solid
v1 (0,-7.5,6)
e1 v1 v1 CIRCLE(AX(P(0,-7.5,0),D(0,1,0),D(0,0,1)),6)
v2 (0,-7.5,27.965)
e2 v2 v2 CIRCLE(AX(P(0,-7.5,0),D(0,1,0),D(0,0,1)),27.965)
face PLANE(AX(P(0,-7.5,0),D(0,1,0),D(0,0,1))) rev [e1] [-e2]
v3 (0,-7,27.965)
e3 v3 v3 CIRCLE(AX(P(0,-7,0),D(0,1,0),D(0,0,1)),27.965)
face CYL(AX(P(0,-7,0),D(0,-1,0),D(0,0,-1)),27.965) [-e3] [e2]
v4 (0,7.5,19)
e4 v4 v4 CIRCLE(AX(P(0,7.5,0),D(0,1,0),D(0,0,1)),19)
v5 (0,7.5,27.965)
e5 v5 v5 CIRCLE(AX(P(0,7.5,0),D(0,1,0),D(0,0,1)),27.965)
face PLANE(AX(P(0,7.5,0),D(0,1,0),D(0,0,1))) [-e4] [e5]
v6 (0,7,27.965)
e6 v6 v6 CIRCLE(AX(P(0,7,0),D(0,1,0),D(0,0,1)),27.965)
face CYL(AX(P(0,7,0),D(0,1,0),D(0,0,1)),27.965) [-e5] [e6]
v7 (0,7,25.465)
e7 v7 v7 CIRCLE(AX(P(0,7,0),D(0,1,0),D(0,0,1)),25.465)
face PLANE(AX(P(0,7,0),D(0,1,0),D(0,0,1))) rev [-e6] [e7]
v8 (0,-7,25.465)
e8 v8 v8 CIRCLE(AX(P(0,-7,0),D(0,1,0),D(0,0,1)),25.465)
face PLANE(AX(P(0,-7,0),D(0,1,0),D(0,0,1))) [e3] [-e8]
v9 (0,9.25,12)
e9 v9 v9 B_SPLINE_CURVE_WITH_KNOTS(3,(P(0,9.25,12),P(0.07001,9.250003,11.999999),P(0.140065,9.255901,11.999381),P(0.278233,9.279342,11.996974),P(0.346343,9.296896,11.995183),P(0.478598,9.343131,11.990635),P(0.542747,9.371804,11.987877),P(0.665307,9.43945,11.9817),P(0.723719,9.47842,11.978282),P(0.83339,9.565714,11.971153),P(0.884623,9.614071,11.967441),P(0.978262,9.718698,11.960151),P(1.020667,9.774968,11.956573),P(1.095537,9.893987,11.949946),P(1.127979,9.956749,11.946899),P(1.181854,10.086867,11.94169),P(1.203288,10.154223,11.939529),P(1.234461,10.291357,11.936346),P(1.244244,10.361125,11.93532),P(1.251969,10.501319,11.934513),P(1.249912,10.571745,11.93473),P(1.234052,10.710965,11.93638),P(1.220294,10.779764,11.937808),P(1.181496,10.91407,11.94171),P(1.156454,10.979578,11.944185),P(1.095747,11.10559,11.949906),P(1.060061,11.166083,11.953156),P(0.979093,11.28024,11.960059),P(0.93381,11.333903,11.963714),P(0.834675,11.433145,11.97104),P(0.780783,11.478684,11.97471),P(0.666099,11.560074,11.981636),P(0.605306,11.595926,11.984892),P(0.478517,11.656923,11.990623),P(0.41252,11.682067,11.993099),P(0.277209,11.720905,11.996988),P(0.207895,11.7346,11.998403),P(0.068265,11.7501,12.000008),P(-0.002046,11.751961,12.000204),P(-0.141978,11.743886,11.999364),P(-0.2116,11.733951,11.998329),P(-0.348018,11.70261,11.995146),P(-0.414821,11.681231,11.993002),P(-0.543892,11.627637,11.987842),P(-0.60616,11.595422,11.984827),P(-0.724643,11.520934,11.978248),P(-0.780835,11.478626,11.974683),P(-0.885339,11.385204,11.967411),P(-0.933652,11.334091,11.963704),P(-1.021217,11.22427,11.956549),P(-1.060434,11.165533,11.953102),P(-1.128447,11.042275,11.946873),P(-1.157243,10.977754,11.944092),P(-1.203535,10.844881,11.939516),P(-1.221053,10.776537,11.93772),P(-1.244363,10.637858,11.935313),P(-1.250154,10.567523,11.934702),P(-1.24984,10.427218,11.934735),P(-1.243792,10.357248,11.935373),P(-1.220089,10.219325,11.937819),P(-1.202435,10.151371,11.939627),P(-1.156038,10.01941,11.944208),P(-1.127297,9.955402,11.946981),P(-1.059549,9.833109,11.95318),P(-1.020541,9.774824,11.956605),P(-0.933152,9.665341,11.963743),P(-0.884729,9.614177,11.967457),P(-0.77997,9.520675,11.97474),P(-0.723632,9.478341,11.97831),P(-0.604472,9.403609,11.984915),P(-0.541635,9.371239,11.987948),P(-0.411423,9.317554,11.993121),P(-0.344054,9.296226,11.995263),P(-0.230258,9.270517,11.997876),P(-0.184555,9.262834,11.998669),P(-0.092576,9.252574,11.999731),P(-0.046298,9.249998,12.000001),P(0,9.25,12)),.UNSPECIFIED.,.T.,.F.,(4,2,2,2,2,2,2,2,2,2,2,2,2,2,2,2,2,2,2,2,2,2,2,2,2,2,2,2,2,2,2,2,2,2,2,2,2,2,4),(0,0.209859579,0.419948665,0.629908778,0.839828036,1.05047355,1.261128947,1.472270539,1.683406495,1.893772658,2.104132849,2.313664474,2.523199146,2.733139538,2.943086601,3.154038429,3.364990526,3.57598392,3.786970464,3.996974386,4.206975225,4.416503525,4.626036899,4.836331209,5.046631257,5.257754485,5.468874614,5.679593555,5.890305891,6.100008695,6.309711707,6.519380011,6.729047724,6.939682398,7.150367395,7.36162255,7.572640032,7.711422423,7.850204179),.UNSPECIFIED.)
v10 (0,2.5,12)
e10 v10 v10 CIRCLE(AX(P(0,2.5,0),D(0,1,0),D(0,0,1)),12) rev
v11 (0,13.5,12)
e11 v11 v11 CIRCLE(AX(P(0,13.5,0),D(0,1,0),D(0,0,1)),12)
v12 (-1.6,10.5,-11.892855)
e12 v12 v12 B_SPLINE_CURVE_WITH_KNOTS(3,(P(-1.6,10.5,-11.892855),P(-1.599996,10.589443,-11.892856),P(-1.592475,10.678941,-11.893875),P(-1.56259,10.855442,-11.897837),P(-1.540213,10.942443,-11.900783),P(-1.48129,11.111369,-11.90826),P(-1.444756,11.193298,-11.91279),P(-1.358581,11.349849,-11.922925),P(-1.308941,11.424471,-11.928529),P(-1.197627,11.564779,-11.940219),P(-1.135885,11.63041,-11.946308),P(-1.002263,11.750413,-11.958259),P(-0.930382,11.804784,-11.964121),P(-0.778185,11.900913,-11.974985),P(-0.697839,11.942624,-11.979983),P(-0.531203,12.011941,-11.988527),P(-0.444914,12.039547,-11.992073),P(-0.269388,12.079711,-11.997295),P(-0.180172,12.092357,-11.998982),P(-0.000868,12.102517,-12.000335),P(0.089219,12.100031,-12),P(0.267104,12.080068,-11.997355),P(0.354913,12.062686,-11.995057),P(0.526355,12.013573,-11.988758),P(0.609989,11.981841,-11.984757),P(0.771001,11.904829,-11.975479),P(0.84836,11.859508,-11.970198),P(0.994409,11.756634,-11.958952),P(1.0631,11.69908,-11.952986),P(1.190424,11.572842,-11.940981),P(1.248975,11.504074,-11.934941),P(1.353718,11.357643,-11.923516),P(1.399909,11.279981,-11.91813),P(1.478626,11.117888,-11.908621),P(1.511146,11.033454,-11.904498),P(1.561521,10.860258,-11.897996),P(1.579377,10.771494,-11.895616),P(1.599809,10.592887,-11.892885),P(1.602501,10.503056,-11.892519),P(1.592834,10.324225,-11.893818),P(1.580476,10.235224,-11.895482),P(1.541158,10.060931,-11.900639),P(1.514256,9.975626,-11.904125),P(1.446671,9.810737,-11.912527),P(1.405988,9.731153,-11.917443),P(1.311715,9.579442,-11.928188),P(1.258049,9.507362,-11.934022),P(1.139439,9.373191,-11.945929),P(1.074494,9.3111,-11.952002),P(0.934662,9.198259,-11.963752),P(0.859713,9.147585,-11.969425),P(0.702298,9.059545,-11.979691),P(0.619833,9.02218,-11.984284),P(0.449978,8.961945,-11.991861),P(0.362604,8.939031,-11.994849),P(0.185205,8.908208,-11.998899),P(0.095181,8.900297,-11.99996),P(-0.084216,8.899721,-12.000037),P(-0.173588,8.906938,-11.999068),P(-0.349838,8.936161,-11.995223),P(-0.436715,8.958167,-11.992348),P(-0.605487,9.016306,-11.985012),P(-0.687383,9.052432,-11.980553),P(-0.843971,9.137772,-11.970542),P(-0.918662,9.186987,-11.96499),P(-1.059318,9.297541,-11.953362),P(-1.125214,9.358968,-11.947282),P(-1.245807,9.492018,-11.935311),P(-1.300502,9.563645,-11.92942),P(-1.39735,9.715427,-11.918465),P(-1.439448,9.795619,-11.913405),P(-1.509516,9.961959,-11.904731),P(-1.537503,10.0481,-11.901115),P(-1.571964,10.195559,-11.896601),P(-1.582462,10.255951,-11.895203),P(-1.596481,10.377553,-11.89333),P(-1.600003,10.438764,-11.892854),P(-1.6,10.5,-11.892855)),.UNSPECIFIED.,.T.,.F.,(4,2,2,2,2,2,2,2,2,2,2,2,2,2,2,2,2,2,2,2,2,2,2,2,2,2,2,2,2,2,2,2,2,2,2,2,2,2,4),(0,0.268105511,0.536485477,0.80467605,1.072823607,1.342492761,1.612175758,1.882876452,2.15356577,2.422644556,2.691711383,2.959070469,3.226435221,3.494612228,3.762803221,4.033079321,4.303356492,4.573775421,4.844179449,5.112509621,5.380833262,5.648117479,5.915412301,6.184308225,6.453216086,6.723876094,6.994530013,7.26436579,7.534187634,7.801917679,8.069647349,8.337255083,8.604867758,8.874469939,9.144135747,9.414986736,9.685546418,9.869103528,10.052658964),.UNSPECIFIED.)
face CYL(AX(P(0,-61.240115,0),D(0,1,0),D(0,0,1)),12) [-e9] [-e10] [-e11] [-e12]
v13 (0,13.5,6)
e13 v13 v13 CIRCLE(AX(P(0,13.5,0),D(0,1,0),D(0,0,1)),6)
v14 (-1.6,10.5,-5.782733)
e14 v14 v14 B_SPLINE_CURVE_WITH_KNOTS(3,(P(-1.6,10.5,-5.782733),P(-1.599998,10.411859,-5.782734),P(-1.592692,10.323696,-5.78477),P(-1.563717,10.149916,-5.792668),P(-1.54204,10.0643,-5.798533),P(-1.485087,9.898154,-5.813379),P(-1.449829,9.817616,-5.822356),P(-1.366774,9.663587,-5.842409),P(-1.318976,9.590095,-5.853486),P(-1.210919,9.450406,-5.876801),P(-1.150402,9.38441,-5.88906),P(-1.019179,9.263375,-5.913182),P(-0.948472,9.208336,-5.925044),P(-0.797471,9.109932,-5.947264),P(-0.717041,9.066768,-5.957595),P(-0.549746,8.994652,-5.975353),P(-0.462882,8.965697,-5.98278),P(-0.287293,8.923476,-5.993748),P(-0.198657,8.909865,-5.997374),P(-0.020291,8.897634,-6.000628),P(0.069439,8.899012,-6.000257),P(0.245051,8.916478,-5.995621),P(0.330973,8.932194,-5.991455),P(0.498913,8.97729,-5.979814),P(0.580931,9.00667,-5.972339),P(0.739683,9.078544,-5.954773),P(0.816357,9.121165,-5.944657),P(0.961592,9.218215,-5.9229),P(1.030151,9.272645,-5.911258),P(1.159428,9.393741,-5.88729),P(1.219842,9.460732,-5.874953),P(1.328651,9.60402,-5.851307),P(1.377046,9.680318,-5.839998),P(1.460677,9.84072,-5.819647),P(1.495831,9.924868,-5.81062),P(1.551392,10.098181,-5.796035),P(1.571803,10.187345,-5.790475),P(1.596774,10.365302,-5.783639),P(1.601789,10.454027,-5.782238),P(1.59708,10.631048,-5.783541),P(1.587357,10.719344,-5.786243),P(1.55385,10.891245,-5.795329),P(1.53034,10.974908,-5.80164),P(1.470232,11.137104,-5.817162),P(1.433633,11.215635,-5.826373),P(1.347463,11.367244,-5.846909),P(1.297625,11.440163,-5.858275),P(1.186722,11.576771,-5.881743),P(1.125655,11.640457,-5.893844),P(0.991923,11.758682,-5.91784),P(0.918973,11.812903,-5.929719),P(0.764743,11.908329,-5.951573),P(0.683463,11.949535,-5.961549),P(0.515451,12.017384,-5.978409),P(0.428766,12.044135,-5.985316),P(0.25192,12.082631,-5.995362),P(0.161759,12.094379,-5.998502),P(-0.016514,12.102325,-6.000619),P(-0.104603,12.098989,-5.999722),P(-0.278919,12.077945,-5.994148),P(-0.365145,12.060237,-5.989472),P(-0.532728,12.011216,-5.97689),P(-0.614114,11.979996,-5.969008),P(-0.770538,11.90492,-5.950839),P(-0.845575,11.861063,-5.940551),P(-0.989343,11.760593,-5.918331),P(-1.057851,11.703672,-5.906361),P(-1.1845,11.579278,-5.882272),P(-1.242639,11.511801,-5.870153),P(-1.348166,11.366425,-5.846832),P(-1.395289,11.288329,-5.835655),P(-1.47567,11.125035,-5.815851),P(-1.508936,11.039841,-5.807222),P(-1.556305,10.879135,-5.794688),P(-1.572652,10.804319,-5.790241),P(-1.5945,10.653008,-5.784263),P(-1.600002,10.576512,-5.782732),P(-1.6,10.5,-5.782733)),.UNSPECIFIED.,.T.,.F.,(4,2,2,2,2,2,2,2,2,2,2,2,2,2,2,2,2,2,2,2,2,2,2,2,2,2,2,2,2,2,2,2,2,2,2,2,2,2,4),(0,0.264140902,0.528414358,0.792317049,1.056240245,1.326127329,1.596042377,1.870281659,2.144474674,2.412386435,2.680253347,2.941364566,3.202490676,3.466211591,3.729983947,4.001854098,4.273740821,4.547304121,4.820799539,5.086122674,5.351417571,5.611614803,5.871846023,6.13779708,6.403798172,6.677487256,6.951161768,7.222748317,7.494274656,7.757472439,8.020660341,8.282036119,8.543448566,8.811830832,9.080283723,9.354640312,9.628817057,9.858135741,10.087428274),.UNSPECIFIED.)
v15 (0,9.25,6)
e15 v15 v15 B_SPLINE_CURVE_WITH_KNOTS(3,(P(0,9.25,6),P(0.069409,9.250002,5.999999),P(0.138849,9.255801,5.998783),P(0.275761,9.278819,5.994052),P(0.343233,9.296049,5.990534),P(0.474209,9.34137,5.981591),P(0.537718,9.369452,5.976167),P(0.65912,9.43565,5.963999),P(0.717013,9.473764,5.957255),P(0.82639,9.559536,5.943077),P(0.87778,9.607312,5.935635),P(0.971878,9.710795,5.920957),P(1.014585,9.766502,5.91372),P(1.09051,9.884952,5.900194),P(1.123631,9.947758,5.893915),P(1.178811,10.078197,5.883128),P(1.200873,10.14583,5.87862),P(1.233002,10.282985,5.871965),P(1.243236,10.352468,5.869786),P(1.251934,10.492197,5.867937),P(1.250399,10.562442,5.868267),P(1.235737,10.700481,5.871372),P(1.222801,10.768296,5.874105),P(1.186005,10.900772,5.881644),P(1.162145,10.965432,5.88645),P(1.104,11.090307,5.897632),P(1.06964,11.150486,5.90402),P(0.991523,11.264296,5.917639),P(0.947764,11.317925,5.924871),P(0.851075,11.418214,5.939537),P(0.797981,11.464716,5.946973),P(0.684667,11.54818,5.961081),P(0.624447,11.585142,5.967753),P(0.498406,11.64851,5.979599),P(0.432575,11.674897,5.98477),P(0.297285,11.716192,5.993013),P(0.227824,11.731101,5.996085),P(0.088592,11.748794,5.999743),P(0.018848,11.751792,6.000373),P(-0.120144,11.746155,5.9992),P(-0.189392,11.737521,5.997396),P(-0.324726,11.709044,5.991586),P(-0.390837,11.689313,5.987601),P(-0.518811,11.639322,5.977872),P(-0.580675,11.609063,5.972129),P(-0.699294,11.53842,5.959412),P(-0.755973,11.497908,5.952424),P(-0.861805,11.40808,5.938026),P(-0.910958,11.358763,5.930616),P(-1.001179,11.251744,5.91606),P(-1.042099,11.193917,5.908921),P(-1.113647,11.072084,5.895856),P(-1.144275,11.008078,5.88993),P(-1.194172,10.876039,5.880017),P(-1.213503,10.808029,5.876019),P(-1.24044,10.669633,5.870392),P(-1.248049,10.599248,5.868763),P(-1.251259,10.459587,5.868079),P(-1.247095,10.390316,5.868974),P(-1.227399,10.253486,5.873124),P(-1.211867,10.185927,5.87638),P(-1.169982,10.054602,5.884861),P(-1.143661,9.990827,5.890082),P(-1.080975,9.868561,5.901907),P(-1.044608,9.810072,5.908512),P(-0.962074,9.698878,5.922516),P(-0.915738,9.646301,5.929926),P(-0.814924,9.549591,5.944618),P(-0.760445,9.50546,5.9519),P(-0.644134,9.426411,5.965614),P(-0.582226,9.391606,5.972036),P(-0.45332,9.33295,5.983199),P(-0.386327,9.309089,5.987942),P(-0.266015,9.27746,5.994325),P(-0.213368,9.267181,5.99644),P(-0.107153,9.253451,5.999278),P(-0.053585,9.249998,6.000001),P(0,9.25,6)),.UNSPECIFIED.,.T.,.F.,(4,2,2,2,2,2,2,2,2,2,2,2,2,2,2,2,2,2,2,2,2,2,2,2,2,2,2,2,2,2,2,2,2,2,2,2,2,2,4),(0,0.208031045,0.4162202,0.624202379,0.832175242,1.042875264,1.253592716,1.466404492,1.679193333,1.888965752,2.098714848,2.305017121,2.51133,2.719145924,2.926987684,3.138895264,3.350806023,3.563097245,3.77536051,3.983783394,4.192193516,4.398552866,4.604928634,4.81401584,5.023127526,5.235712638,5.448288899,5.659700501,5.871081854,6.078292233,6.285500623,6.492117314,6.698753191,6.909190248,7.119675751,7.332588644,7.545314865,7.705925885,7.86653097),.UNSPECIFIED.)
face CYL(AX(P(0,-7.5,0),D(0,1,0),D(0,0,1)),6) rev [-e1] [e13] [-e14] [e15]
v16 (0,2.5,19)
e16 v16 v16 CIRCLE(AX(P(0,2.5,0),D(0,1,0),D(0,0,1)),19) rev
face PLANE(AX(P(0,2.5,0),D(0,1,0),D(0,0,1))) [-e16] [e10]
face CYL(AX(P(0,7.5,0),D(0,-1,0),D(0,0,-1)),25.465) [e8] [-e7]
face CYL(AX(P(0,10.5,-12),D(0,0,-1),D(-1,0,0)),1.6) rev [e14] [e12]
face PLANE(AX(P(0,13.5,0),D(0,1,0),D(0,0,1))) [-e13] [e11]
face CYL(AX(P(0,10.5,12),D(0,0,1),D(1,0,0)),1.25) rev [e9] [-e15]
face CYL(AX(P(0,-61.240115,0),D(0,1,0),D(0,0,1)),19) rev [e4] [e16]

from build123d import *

# Parameters (mm, degrees)
CROQUIS1_R                                     = 25.465
SALIENTE_EXTRUIR1_DEPTH                        = 7.5
CROQUIS2_R                                     = 27.965
SALIENTE_EXTRUIR2_DEPTH                        = 0.5
SALIENTE_EXTRUIR3_START                        = -14.5
CROQUIS2_2_R                                   = 27.965
SALIENTE_EXTRUIR3_DEPTH                        = 0.5
CROQUIS3_R                                     = 19
SALIENTE_EXTRUIR4_DEPTH                        = 21
CORTAR_EXTRUIR1_DEPTH                          = 45.545846608
CORTAR_EXTRUIR1_DEPTH_BACK                     = 45.545846608
CROQUIS4_R                                     = 6
CORTAR_EXTRUIR2_START                          = -11
CROQUIS5_R                                     = 19
CROQUIS5_R_2                                   = 12
CORTAR_EXTRUIR2_DEPTH                          = 11
PERFORADOR_PARA_ROSCAR_PARA_MACHO_DE_ROS_REACH = 60.109
PERFORADOR_PARA_ROSCAR_PARA_MACHO_DE_2_R       = 1.25
TALADRO_DE_MARGEN_PARA_M32_REACH               = 52.611
TALADRO_DE_MARGEN_PARA_M32_BORE_R              = 1.6


with BuildPart() as part:
    # Croquis1 → Saliente-Extruir1 (new, symmetric)
    with BuildSketch(Plane(origin=(0, 0, 0), x_dir=(-1, 0, 0), z_dir=(0, 1, 0))):
        with Locations(Location((0, 0, 0), (0, 0, 90))):
            Circle(CROQUIS1_R)
    extrude(amount=SALIENTE_EXTRUIR1_DEPTH, both=True)

    # Croquis2 → Saliente-Extruir2 (add)
    with BuildSketch(Plane(origin=(0, 7.5, 0), x_dir=(-1, 0, 0), z_dir=(0, 1, 0))):
        with Locations(Location((0, 0, 0), (0, 0, 90))):
            Circle(CROQUIS2_R)
    extrude(amount=-SALIENTE_EXTRUIR2_DEPTH)

    # Croquis2<2> → Saliente-Extruir3 (add)
    with BuildSketch(Plane(origin=(0, 7.5, 0), x_dir=(-1, 0, 0), z_dir=(0, 1, 0)).offset(SALIENTE_EXTRUIR3_START)):
        with Locations(Location((0, 0, 0), (0, 0, 90))):
            Circle(CROQUIS2_2_R)
    extrude(amount=-SALIENTE_EXTRUIR3_DEPTH)

    # Croquis3 → Saliente-Extruir4 (add)
    with BuildSketch(Plane(origin=(0, -7.5, 0), x_dir=(-1, 0, 0), z_dir=(0, 1, 0))):
        with Locations(Location((0, 0, 0), (0, 0, 270))):
            Circle(CROQUIS3_R)
    extrude(amount=SALIENTE_EXTRUIR4_DEPTH)

    # Croquis4 → Cortar-Extruir1 (cut, two sides: drawn at the far end of the back side and taken through both)
    with BuildSketch(Plane(origin=(0, -7, 0), x_dir=(-1, 0, 0), z_dir=(0, 1, 0)).offset(-CORTAR_EXTRUIR1_DEPTH_BACK)):
        with Locations(Location((0, 0, 0), (0, 0, 90))):
            Circle(CROQUIS4_R)
    extrude(amount=CORTAR_EXTRUIR1_DEPTH + CORTAR_EXTRUIR1_DEPTH_BACK, mode=Mode.SUBTRACT)

    # Croquis5 → Cortar-Extruir2 (cut)
    with BuildSketch(Plane(origin=(0, 13.5, 0), x_dir=(-1, 0, 0), z_dir=(0, 1, 0)).offset(CORTAR_EXTRUIR2_START)):
        with Locations(Location((0, 0, 0), (0, 0, 90))):
            Circle(CROQUIS5_R)
        with Locations(Location((0, 0, 0), (0, 0, 90))):
            Circle(CROQUIS5_R_2, mode=Mode.SUBTRACT)
    extrude(amount=CORTAR_EXTRUIR2_DEPTH, mode=Mode.SUBTRACT)

    # Perforador para roscar para macho de 2 → Perforador para roscar para macho de roscar para M31 (cut, up to next)
    with BuildSketch(Plane(origin=(-12, 0, 12), x_dir=(0, 1, 0), z_dir=(0, 0, 1)), mode=Mode.PRIVATE) as perforador_para_roscar_para_macho_de_ros_sk1:
        with Locations((10.5, -12)):
            Circle(PERFORADOR_PARA_ROSCAR_PARA_MACHO_DE_2_R)
    perforador_para_roscar_para_macho_de_ros_tool1 = extrude(perforador_para_roscar_para_macho_de_ros_sk1.sketch, amount=-PERFORADOR_PARA_ROSCAR_PARA_MACHO_DE_ROS_REACH, mode=Mode.PRIVATE) & part.part
    add(perforador_para_roscar_para_macho_de_ros_tool1.solids().sort_by_distance((0, 10.5, 12))[0], mode=Mode.SUBTRACT)

    # Taladro de margen para M32 bore → Taladro de margen para M32 (cut, up to next)
    with BuildSketch(Plane(origin=(0, 0, -12), x_dir=(-1, 0, 0), z_dir=(0, 0, -1)), mode=Mode.PRIVATE) as taladro_de_margen_para_m32_sk1:
        with Locations((0, 10.5)):
            Circle(TALADRO_DE_MARGEN_PARA_M32_BORE_R)
    taladro_de_margen_para_m32_tool1 = extrude(taladro_de_margen_para_m32_sk1.sketch, amount=-TALADRO_DE_MARGEN_PARA_M32_REACH, mode=Mode.PRIVATE) & part.part
    add(taladro_de_margen_para_m32_tool1.solids().sort_by_distance((0, 10.5, -12))[0], mode=Mode.SUBTRACT)


solid = part.part
